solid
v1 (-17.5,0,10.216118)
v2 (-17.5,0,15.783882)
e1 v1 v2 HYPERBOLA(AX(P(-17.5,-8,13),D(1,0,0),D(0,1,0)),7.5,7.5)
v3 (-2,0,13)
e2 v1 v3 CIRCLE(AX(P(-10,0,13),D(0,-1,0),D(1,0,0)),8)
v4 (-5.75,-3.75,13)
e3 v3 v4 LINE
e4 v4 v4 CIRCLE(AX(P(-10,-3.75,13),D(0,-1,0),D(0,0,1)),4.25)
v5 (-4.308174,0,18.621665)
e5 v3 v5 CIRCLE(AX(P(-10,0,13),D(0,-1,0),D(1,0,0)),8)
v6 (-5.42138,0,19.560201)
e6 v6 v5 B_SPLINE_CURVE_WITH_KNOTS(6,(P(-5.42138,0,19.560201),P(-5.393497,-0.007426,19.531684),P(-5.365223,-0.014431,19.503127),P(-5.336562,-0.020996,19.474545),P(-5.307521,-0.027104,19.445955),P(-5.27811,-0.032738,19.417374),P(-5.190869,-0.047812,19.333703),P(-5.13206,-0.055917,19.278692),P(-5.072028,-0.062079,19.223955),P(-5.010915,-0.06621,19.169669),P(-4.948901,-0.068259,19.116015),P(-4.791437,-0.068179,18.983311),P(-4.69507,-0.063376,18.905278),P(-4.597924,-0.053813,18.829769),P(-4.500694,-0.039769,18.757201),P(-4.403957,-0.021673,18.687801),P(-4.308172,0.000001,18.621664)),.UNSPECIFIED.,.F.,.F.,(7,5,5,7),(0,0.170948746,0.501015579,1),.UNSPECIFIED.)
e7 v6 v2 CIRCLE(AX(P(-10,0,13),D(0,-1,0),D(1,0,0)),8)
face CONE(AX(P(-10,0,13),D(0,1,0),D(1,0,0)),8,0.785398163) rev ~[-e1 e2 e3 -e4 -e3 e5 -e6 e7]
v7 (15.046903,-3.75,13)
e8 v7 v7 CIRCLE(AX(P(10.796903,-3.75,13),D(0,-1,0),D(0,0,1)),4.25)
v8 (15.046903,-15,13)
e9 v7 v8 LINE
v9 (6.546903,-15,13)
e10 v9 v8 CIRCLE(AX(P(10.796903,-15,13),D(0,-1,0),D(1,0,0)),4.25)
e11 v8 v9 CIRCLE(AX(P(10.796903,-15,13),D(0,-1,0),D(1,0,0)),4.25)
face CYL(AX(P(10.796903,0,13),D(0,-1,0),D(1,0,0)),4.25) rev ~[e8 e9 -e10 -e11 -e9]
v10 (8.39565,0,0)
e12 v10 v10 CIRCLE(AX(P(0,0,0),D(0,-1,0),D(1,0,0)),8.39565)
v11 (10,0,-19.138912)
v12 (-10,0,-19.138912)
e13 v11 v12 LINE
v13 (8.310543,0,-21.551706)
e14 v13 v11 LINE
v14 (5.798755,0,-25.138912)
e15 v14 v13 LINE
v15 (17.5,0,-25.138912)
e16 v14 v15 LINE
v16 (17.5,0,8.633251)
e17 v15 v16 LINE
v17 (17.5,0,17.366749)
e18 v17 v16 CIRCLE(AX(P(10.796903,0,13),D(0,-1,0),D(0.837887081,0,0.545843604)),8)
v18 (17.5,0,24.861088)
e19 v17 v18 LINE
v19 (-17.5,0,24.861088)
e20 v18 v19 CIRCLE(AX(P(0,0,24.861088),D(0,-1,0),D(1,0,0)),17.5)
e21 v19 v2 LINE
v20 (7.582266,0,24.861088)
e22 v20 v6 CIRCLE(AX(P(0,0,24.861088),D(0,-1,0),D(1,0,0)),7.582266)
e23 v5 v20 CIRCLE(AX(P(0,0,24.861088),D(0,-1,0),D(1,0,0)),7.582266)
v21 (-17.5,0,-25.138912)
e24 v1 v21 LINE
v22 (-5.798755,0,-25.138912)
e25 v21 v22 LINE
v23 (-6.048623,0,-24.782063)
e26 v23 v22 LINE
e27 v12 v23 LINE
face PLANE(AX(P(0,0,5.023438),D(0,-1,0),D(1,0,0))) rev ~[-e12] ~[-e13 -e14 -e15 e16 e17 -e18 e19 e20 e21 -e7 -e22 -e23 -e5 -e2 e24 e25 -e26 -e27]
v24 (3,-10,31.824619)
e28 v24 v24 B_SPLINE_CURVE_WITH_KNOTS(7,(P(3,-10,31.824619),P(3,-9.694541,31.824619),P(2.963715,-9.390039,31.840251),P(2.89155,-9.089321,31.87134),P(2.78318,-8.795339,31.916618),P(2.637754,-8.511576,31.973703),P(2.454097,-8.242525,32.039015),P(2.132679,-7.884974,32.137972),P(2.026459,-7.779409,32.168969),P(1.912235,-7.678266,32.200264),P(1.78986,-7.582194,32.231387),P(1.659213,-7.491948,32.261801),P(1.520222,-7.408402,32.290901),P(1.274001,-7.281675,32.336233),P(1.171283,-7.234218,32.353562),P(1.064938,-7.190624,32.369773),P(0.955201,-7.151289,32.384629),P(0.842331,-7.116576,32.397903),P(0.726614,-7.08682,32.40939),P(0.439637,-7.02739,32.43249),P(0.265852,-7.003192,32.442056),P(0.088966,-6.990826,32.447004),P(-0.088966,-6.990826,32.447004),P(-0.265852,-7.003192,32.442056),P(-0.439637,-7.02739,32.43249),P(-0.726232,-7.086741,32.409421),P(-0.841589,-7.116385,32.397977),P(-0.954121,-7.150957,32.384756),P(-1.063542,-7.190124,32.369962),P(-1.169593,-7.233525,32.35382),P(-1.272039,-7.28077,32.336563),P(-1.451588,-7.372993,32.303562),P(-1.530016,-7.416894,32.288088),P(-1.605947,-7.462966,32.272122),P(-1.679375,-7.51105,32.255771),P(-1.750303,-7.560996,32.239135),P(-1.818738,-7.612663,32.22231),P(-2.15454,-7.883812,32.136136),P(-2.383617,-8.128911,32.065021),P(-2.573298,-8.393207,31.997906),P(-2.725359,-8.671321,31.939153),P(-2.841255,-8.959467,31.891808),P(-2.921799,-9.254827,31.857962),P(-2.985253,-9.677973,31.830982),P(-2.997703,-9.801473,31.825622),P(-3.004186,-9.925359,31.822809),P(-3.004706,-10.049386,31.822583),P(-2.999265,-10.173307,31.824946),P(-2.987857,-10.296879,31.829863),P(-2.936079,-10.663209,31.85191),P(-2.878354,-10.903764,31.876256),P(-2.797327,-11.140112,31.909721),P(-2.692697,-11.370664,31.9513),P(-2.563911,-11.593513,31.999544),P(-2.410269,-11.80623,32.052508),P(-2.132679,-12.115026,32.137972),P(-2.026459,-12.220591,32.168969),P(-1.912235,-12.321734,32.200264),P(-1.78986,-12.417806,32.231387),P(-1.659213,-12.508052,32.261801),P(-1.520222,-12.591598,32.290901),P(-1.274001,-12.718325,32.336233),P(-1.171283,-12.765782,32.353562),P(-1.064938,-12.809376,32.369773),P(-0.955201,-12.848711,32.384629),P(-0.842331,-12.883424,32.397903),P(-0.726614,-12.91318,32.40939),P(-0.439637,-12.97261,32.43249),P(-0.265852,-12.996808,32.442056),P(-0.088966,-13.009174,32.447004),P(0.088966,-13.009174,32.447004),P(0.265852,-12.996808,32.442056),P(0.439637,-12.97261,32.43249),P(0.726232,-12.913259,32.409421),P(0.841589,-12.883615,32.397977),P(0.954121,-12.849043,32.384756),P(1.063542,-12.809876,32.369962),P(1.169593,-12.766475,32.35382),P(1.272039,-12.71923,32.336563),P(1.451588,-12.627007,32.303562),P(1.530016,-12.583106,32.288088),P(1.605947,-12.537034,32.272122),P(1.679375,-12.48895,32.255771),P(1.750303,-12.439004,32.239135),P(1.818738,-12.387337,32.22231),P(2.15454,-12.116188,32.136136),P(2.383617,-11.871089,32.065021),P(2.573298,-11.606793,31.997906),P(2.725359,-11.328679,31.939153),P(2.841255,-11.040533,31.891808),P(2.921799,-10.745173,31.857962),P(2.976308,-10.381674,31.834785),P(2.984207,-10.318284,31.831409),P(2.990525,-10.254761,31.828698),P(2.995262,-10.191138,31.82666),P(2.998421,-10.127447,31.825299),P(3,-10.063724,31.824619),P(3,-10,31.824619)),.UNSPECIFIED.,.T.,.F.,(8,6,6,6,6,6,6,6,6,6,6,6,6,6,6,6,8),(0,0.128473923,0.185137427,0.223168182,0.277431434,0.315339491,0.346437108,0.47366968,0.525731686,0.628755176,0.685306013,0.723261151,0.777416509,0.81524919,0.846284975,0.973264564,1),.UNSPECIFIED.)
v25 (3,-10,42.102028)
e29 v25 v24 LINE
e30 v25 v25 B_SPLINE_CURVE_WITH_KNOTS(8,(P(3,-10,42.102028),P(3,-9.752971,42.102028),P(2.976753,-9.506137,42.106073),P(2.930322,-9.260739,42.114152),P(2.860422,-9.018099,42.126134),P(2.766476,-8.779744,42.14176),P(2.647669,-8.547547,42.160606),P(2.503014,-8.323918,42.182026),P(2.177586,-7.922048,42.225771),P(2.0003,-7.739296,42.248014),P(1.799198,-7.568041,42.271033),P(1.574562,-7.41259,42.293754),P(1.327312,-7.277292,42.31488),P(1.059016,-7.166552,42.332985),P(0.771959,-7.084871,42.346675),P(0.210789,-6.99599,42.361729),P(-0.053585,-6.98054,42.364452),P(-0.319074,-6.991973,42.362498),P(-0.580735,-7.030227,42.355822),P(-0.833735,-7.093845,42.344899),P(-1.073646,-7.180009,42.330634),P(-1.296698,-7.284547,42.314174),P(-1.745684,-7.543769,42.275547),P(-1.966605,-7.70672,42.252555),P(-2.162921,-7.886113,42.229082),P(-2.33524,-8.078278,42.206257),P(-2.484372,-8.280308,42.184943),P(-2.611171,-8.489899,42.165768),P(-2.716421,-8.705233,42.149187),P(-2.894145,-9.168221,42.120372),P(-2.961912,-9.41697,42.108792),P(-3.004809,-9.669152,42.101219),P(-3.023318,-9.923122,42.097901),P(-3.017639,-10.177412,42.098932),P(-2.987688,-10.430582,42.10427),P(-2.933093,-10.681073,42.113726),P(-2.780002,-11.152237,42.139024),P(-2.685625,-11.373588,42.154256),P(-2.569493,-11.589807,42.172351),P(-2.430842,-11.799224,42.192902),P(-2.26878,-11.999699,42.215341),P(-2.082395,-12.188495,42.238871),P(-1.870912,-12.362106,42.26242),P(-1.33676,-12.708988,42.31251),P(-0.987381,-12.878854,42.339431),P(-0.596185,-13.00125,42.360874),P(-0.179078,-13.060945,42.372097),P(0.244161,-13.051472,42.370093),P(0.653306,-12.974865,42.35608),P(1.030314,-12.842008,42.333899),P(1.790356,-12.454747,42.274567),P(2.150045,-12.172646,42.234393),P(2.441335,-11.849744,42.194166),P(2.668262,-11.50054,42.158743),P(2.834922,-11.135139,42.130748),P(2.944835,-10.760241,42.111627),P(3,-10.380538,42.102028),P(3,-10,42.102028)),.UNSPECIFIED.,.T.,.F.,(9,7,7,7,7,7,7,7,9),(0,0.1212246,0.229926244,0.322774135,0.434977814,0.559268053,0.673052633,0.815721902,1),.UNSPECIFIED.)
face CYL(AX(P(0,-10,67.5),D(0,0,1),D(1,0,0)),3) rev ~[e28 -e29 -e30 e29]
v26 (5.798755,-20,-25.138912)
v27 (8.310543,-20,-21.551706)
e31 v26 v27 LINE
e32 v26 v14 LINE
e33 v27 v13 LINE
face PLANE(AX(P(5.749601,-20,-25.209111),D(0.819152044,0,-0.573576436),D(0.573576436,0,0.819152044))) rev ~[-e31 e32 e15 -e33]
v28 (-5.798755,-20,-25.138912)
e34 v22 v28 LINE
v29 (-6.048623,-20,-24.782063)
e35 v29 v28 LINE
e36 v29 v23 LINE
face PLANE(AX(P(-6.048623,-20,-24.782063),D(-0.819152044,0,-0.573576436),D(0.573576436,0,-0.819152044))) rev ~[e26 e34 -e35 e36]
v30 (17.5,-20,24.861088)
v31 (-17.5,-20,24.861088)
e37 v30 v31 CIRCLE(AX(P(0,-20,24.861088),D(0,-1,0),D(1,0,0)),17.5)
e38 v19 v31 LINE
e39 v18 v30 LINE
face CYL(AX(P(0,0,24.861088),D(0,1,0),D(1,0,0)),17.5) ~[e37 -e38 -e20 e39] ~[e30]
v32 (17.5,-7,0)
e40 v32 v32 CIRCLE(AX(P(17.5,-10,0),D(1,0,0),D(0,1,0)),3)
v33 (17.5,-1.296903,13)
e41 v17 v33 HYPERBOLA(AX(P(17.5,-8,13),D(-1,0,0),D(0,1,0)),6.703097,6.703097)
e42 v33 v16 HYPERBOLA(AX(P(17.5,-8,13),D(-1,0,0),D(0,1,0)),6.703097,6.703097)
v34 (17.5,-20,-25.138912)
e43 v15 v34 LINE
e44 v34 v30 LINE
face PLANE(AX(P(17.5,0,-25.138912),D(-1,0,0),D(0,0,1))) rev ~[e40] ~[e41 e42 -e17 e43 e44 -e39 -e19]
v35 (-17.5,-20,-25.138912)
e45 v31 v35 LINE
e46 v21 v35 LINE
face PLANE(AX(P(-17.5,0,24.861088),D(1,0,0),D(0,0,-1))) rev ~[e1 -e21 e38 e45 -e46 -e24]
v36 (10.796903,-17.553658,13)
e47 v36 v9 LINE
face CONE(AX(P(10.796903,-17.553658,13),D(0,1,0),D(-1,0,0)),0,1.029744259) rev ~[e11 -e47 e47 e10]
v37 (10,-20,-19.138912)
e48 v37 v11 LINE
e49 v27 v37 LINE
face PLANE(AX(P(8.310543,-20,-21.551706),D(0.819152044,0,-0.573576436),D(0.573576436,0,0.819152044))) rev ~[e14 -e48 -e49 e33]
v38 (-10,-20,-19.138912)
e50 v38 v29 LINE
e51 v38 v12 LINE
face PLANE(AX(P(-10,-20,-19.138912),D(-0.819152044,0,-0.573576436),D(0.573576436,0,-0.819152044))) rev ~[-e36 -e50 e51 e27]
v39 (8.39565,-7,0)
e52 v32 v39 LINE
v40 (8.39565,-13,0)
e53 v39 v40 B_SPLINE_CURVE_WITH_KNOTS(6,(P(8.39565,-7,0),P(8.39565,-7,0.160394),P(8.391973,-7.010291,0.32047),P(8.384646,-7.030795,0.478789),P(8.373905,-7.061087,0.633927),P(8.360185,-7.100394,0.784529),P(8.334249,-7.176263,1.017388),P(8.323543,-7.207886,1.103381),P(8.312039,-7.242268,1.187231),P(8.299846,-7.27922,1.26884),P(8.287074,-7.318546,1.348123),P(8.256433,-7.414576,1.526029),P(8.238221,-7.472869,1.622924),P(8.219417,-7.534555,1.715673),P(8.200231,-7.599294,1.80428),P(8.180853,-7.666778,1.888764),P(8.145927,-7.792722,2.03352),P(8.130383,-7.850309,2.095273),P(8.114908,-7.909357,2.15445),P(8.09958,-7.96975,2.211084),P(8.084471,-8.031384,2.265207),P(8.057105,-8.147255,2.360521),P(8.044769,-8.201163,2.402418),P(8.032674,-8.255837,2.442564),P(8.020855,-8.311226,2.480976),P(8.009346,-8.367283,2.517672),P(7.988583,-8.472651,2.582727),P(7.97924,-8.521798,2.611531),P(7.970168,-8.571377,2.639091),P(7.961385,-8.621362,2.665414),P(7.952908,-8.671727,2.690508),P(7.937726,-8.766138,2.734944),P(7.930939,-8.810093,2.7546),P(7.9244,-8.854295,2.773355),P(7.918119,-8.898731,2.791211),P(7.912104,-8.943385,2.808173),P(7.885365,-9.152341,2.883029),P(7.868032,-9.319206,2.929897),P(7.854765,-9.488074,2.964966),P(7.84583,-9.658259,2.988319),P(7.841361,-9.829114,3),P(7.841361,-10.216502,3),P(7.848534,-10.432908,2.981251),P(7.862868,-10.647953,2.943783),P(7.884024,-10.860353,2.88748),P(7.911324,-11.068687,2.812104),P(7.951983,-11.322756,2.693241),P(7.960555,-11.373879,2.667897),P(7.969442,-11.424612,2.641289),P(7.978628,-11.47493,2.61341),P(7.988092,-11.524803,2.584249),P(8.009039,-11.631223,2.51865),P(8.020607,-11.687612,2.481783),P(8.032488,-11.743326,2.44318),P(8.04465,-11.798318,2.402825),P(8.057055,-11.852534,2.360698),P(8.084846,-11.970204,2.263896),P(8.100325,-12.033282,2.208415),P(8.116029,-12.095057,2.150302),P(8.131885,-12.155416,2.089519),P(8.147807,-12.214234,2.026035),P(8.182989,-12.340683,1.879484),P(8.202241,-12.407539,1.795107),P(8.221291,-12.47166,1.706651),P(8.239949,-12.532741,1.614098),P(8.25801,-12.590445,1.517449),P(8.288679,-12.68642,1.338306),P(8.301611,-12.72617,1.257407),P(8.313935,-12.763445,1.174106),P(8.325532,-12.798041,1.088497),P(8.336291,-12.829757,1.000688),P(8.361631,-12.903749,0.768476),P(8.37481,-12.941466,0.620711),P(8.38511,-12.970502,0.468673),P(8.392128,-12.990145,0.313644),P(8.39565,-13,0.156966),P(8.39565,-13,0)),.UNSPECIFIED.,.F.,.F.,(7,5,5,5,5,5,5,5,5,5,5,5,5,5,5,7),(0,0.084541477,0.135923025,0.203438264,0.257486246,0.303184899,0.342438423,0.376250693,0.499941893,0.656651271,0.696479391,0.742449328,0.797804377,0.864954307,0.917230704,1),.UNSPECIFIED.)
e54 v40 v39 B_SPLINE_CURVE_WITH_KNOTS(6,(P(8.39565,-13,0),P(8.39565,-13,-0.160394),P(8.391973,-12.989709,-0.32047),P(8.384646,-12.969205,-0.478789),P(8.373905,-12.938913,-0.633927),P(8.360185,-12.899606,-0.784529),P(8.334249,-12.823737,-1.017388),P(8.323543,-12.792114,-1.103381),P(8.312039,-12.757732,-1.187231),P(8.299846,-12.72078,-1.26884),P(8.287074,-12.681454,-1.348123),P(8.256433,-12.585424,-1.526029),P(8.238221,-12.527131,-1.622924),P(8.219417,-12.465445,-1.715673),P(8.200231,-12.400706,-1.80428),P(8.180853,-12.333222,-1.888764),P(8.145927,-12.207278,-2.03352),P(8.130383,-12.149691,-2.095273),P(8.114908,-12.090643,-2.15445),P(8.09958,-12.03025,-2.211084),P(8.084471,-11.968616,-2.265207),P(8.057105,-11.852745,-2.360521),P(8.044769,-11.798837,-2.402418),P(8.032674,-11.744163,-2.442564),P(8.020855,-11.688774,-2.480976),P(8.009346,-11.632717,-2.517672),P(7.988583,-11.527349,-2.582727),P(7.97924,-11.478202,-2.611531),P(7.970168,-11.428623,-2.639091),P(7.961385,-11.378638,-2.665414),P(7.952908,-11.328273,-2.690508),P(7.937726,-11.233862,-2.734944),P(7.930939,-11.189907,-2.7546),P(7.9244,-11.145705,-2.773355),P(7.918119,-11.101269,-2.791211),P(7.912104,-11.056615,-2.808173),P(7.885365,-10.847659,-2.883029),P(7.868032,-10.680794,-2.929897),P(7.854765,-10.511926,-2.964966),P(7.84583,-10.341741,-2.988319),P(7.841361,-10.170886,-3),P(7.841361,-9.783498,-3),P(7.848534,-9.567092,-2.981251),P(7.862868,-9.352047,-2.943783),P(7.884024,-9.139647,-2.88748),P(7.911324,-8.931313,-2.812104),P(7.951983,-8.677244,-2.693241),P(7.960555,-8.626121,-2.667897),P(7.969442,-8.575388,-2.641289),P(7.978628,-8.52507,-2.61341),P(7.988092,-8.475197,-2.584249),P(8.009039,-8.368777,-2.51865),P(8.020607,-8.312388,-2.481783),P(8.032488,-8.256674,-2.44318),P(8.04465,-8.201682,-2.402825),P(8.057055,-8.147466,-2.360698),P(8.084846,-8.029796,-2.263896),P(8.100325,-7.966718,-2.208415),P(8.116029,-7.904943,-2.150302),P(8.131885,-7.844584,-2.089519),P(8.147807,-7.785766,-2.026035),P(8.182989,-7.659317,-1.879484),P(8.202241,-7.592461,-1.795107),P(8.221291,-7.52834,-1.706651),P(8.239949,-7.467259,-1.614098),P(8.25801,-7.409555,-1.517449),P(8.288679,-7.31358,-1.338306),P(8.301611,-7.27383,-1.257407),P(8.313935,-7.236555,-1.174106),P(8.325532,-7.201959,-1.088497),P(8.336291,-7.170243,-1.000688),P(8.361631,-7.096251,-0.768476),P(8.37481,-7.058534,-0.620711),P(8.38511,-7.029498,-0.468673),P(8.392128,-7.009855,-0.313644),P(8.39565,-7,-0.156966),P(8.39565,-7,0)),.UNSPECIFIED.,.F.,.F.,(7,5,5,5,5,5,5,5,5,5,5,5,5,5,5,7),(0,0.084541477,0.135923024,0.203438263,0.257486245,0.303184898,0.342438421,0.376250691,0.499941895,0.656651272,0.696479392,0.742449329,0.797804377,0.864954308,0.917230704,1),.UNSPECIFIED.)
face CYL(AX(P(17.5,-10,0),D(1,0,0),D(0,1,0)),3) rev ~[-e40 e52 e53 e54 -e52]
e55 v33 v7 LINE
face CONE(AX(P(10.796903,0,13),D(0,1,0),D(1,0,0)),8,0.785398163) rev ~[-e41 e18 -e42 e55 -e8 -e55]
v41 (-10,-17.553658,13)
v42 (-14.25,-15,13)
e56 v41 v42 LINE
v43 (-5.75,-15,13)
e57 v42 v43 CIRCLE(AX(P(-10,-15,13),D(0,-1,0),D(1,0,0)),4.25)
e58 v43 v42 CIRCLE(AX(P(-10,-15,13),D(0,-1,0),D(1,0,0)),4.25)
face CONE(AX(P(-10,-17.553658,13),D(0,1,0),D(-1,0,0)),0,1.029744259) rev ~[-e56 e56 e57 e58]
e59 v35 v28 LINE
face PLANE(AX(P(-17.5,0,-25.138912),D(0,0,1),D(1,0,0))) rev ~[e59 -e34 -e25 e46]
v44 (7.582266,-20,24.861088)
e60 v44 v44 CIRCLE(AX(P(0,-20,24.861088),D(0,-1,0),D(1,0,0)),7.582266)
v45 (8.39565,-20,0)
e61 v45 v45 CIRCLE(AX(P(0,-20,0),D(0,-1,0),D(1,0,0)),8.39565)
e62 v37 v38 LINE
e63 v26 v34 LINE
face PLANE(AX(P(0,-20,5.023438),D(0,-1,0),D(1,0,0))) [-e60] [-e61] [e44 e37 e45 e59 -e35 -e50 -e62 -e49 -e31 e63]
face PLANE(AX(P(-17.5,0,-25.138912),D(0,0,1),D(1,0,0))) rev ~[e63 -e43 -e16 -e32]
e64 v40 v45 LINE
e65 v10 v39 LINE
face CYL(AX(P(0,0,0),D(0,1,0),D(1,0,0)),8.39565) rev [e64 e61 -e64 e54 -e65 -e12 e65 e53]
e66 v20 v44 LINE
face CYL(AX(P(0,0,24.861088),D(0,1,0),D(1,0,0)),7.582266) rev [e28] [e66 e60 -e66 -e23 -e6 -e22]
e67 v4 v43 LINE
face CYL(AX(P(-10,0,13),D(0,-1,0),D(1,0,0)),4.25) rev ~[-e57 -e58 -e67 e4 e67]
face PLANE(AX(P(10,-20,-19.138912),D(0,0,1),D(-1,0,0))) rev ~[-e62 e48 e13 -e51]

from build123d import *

# Parameters (mm, degrees)
F0_R            = 8.3956500105
F0_R_2          = 7.5822661832
F1_DEPTH        = 20
F4_DEPTH        = 25
F5_R            = 3
F6_DEPTH        = 10
F8_R            = 3
F9_DEPTH        = 40
F11_D           = 8.5
F11_DEPTH       = 15
F11_CSINK_D     = 16
F11_CSINK_ANGLE = 90
F11_TIP         = 2.5536576309


with BuildPart() as f1:
    # F0 (on Front) → F1 (new body)
    with BuildSketch(Plane.XZ):
        with BuildLine():
            Line((-17.5, 24.8610879062), (-17.5, -25.1389120938))
            Line((-17.5, -25.1389120938), (17.5, -25.1389120938))
            Line((17.5, -25.1389120938), (17.5, 24.8610879062))
            ThreePointArc((17.5, 24.8610879062), (0, 42.3610879062), (-17.5, 24.8610879062))
        make_face()
        Circle(F0_R, mode=Mode.SUBTRACT)
        with Locations((0, 24.8610879062)):
            Circle(F0_R_2, mode=Mode.SUBTRACT)
    extrude(amount=F1_DEPTH)

    # F3 (on face) → F4 (cut)
    with BuildSketch(Plane.XZ.offset(20)):
        Polygon((-10, -19.1389120938), (-6.0486232505, -24.7820629224), (8.8115125525, -19.1389120938), align=None)
        Polygon((-6.0486232505, -24.7820629224), (-5.7255781316, -25.2434191651), (5.7496010901, -25.2091108247), (8.3105433405, -21.5517062546), (8.9213285707, -19.1389120938), (8.8115125525, -19.1389120938), align=None)
        Polygon((8.9213285707, -19.1389120938), (8.3105433405, -21.5517062546), (10, -19.1389120938), align=None)
    extrude(amount=-F4_DEPTH, mode=Mode.SUBTRACT)

    # F5 (on face) → F6 (cut)
    with BuildSketch(Plane.YZ.offset(17.5)):
        with Locations((-10, 0)):
            Circle(F5_R)
    extrude(amount=-F6_DEPTH, mode=Mode.SUBTRACT)

    # F8 (on offset) → F9 (cut)
    with BuildSketch(Plane.XY.offset(67.5)):
        with Locations((0, -10)):
            Circle(F8_R)
    extrude(amount=-F9_DEPTH, mode=Mode.SUBTRACT)

    # F11
    with Locations(Plane(origin=(0, 0, 0), x_dir=(-1, 0, 0), z_dir=(0, 1, 0))):
        with Locations((10, 13), (-10.7969033529, 13)):
            CounterSinkHole(F11_D / 2, F11_CSINK_D / 2, depth=F11_DEPTH, counter_sink_angle=F11_CSINK_ANGLE)
            with Locations((0, 0, -(F11_DEPTH + F11_TIP / 2))):  # 118° drill point
                Cone(0, F11_D / 2, F11_TIP, mode=Mode.SUBTRACT)


solid = f1.part
